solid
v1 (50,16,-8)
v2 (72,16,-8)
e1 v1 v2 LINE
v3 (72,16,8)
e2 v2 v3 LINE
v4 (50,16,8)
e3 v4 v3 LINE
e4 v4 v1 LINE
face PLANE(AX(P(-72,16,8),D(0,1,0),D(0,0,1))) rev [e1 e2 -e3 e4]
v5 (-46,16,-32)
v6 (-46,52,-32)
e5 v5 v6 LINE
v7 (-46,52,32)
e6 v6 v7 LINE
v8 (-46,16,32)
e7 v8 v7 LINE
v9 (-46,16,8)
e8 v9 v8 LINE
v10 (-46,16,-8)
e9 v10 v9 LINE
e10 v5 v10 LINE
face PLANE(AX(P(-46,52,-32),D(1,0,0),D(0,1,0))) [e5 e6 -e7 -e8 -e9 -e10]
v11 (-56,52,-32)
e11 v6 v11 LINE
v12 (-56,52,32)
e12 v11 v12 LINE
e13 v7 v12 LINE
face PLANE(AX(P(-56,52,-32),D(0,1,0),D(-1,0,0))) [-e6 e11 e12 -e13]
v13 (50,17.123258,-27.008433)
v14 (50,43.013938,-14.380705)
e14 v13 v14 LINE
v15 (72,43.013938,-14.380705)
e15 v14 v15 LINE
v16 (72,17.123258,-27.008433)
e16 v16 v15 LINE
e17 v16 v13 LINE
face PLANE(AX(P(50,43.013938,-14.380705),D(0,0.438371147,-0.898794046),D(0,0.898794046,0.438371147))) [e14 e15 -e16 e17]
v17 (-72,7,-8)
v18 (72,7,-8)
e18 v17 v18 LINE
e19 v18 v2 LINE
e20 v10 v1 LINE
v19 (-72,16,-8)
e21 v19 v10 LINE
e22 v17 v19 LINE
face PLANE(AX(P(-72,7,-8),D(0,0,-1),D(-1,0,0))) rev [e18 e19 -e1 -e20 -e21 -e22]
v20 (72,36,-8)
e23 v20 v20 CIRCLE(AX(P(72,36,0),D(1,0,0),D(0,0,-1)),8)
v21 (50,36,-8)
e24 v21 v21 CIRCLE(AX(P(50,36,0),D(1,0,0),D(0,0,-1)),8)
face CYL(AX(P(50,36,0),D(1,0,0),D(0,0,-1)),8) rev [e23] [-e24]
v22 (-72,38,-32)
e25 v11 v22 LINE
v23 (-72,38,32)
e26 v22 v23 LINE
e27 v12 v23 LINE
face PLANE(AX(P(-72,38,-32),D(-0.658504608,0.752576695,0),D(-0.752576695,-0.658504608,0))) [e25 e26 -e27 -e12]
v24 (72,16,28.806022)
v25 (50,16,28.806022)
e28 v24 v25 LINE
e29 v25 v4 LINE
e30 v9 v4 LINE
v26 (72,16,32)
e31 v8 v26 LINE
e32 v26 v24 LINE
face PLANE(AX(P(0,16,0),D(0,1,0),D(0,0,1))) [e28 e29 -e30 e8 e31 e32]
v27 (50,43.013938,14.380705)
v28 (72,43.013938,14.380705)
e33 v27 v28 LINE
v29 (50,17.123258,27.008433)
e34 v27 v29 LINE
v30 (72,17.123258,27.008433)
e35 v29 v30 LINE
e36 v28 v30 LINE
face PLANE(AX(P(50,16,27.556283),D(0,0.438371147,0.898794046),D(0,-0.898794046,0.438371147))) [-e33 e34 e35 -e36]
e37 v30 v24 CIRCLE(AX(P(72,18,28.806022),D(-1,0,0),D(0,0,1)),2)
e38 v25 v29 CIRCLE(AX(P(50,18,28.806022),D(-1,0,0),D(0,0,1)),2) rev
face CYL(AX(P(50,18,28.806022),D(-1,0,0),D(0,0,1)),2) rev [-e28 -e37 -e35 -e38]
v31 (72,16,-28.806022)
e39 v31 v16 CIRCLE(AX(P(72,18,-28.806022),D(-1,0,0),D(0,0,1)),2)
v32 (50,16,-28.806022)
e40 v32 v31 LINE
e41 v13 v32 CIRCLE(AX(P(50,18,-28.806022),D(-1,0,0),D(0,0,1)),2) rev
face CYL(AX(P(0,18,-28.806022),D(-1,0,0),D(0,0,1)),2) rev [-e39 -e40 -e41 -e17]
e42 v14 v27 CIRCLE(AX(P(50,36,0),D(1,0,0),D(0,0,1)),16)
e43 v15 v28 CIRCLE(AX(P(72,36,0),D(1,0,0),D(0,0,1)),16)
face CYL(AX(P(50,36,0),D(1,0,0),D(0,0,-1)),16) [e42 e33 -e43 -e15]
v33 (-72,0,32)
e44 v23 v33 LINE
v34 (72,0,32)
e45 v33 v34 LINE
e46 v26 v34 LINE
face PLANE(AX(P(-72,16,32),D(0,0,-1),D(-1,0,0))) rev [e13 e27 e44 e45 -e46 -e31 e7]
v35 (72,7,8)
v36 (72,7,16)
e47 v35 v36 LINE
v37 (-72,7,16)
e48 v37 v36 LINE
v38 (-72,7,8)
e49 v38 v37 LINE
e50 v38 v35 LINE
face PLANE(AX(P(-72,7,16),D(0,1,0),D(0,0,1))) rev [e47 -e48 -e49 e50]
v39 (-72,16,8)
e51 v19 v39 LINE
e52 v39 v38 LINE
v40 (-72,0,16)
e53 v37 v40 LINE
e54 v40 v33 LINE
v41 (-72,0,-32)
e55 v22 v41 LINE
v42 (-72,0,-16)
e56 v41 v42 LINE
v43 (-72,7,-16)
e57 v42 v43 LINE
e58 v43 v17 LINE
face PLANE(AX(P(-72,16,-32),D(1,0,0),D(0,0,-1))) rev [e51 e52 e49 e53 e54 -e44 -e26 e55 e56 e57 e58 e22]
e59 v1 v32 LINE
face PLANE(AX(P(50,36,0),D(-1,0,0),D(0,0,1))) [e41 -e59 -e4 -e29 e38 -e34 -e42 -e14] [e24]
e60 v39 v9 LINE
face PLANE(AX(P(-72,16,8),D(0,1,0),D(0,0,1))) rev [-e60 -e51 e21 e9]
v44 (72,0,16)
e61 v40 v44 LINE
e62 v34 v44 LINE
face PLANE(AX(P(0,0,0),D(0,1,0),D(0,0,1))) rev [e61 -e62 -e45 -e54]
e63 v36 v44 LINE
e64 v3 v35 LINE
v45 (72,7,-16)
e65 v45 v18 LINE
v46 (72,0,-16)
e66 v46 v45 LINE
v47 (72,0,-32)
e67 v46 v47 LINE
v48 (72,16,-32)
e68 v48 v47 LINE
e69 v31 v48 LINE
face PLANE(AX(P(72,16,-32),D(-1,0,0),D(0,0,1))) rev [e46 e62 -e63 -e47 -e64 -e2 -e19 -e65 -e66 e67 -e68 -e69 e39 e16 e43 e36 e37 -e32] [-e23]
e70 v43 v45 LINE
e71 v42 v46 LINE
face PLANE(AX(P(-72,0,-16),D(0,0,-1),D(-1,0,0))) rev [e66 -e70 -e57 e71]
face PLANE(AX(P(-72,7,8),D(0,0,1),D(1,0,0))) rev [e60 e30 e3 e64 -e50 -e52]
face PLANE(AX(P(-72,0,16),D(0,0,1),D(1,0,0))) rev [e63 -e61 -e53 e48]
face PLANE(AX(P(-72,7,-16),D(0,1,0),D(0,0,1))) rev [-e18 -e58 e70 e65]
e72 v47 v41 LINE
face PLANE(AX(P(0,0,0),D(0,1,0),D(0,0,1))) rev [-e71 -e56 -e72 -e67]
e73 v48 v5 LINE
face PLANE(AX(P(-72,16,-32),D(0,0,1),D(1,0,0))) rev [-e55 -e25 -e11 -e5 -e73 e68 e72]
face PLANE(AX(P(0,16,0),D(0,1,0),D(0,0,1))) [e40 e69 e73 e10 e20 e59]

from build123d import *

# Parameters (mm, degrees)
SKETCH1_W           = 144
SKETCH1_H           = 64
BOSS_EXTRUDE1_DEPTH = 16
BOSS_EXTRUDE2_DEPTH = 64
SKETCH3_R           = 8
BOSS_EXTRUDE3_DEPTH = 22
FILLET1_R           = 2
CUT_EXTRUDE1_DEPTH  = 157.409718368


with BuildPart() as part:
    # Sketch1 → Boss-Extrude1 (new body)
    with BuildSketch(Plane(origin=(0, 0, 0), x_dir=(1, 0, 0), z_dir=(0, 1, 0))):
        Rectangle(SKETCH1_W, SKETCH1_H)
    extrude(amount=BOSS_EXTRUDE1_DEPTH)

    # Sketch2 → Boss-Extrude2 (add)
    with BuildSketch(Plane.XY.offset(32)):
        Polygon((-72, 16), (-72, 38), (-56, 52), (-46, 52), (-46, 16), align=None)
    extrude(amount=-BOSS_EXTRUDE2_DEPTH)

    # Sketch3 → Boss-Extrude3 (add)
    with BuildSketch(Plane(origin=(72, 0, 0), x_dir=(0, 0, -1), z_dir=(1, 0, 0))):
        with BuildLine():
            Line((-27.556282819, 16), (-14.380704741, 43.013938349))
            ThreePointArc((-14.380704741, 43.013938349), (0, 52), (14.380704741, 43.013938349))
            Line((14.380704741, 43.013938349), (27.556282819, 16))
            Line((27.556282819, 16), (-27.556282819, 16))
        make_face()
        with Locations((0, 36)):
            Circle(SKETCH3_R, mode=Mode.SUBTRACT)
    extrude(amount=-BOSS_EXTRUDE3_DEPTH)

    # Fillet1
    fillet1_edges = [part.edges().sort_by_distance(p)[0] for p in [
        (61, 16, -27.556282819),
        (61, 16, 27.556282819),
    ]]
    fillet(fillet1_edges, radius=FILLET1_R)

    # Sketch4 → Cut-Extrude1 (cut, through all)
    with BuildSketch(Plane(origin=(72, 0, 0), x_dir=(0, 0, -1), z_dir=(1, 0, 0))):
        Polygon((-16, 0), (-16, 7), (-8, 7), (-8, 16), (8, 16), (8, 7), (16, 7), (16, 0), align=None)
    extrude(amount=-CUT_EXTRUDE1_DEPTH, mode=Mode.SUBTRACT)


solid = part.part
